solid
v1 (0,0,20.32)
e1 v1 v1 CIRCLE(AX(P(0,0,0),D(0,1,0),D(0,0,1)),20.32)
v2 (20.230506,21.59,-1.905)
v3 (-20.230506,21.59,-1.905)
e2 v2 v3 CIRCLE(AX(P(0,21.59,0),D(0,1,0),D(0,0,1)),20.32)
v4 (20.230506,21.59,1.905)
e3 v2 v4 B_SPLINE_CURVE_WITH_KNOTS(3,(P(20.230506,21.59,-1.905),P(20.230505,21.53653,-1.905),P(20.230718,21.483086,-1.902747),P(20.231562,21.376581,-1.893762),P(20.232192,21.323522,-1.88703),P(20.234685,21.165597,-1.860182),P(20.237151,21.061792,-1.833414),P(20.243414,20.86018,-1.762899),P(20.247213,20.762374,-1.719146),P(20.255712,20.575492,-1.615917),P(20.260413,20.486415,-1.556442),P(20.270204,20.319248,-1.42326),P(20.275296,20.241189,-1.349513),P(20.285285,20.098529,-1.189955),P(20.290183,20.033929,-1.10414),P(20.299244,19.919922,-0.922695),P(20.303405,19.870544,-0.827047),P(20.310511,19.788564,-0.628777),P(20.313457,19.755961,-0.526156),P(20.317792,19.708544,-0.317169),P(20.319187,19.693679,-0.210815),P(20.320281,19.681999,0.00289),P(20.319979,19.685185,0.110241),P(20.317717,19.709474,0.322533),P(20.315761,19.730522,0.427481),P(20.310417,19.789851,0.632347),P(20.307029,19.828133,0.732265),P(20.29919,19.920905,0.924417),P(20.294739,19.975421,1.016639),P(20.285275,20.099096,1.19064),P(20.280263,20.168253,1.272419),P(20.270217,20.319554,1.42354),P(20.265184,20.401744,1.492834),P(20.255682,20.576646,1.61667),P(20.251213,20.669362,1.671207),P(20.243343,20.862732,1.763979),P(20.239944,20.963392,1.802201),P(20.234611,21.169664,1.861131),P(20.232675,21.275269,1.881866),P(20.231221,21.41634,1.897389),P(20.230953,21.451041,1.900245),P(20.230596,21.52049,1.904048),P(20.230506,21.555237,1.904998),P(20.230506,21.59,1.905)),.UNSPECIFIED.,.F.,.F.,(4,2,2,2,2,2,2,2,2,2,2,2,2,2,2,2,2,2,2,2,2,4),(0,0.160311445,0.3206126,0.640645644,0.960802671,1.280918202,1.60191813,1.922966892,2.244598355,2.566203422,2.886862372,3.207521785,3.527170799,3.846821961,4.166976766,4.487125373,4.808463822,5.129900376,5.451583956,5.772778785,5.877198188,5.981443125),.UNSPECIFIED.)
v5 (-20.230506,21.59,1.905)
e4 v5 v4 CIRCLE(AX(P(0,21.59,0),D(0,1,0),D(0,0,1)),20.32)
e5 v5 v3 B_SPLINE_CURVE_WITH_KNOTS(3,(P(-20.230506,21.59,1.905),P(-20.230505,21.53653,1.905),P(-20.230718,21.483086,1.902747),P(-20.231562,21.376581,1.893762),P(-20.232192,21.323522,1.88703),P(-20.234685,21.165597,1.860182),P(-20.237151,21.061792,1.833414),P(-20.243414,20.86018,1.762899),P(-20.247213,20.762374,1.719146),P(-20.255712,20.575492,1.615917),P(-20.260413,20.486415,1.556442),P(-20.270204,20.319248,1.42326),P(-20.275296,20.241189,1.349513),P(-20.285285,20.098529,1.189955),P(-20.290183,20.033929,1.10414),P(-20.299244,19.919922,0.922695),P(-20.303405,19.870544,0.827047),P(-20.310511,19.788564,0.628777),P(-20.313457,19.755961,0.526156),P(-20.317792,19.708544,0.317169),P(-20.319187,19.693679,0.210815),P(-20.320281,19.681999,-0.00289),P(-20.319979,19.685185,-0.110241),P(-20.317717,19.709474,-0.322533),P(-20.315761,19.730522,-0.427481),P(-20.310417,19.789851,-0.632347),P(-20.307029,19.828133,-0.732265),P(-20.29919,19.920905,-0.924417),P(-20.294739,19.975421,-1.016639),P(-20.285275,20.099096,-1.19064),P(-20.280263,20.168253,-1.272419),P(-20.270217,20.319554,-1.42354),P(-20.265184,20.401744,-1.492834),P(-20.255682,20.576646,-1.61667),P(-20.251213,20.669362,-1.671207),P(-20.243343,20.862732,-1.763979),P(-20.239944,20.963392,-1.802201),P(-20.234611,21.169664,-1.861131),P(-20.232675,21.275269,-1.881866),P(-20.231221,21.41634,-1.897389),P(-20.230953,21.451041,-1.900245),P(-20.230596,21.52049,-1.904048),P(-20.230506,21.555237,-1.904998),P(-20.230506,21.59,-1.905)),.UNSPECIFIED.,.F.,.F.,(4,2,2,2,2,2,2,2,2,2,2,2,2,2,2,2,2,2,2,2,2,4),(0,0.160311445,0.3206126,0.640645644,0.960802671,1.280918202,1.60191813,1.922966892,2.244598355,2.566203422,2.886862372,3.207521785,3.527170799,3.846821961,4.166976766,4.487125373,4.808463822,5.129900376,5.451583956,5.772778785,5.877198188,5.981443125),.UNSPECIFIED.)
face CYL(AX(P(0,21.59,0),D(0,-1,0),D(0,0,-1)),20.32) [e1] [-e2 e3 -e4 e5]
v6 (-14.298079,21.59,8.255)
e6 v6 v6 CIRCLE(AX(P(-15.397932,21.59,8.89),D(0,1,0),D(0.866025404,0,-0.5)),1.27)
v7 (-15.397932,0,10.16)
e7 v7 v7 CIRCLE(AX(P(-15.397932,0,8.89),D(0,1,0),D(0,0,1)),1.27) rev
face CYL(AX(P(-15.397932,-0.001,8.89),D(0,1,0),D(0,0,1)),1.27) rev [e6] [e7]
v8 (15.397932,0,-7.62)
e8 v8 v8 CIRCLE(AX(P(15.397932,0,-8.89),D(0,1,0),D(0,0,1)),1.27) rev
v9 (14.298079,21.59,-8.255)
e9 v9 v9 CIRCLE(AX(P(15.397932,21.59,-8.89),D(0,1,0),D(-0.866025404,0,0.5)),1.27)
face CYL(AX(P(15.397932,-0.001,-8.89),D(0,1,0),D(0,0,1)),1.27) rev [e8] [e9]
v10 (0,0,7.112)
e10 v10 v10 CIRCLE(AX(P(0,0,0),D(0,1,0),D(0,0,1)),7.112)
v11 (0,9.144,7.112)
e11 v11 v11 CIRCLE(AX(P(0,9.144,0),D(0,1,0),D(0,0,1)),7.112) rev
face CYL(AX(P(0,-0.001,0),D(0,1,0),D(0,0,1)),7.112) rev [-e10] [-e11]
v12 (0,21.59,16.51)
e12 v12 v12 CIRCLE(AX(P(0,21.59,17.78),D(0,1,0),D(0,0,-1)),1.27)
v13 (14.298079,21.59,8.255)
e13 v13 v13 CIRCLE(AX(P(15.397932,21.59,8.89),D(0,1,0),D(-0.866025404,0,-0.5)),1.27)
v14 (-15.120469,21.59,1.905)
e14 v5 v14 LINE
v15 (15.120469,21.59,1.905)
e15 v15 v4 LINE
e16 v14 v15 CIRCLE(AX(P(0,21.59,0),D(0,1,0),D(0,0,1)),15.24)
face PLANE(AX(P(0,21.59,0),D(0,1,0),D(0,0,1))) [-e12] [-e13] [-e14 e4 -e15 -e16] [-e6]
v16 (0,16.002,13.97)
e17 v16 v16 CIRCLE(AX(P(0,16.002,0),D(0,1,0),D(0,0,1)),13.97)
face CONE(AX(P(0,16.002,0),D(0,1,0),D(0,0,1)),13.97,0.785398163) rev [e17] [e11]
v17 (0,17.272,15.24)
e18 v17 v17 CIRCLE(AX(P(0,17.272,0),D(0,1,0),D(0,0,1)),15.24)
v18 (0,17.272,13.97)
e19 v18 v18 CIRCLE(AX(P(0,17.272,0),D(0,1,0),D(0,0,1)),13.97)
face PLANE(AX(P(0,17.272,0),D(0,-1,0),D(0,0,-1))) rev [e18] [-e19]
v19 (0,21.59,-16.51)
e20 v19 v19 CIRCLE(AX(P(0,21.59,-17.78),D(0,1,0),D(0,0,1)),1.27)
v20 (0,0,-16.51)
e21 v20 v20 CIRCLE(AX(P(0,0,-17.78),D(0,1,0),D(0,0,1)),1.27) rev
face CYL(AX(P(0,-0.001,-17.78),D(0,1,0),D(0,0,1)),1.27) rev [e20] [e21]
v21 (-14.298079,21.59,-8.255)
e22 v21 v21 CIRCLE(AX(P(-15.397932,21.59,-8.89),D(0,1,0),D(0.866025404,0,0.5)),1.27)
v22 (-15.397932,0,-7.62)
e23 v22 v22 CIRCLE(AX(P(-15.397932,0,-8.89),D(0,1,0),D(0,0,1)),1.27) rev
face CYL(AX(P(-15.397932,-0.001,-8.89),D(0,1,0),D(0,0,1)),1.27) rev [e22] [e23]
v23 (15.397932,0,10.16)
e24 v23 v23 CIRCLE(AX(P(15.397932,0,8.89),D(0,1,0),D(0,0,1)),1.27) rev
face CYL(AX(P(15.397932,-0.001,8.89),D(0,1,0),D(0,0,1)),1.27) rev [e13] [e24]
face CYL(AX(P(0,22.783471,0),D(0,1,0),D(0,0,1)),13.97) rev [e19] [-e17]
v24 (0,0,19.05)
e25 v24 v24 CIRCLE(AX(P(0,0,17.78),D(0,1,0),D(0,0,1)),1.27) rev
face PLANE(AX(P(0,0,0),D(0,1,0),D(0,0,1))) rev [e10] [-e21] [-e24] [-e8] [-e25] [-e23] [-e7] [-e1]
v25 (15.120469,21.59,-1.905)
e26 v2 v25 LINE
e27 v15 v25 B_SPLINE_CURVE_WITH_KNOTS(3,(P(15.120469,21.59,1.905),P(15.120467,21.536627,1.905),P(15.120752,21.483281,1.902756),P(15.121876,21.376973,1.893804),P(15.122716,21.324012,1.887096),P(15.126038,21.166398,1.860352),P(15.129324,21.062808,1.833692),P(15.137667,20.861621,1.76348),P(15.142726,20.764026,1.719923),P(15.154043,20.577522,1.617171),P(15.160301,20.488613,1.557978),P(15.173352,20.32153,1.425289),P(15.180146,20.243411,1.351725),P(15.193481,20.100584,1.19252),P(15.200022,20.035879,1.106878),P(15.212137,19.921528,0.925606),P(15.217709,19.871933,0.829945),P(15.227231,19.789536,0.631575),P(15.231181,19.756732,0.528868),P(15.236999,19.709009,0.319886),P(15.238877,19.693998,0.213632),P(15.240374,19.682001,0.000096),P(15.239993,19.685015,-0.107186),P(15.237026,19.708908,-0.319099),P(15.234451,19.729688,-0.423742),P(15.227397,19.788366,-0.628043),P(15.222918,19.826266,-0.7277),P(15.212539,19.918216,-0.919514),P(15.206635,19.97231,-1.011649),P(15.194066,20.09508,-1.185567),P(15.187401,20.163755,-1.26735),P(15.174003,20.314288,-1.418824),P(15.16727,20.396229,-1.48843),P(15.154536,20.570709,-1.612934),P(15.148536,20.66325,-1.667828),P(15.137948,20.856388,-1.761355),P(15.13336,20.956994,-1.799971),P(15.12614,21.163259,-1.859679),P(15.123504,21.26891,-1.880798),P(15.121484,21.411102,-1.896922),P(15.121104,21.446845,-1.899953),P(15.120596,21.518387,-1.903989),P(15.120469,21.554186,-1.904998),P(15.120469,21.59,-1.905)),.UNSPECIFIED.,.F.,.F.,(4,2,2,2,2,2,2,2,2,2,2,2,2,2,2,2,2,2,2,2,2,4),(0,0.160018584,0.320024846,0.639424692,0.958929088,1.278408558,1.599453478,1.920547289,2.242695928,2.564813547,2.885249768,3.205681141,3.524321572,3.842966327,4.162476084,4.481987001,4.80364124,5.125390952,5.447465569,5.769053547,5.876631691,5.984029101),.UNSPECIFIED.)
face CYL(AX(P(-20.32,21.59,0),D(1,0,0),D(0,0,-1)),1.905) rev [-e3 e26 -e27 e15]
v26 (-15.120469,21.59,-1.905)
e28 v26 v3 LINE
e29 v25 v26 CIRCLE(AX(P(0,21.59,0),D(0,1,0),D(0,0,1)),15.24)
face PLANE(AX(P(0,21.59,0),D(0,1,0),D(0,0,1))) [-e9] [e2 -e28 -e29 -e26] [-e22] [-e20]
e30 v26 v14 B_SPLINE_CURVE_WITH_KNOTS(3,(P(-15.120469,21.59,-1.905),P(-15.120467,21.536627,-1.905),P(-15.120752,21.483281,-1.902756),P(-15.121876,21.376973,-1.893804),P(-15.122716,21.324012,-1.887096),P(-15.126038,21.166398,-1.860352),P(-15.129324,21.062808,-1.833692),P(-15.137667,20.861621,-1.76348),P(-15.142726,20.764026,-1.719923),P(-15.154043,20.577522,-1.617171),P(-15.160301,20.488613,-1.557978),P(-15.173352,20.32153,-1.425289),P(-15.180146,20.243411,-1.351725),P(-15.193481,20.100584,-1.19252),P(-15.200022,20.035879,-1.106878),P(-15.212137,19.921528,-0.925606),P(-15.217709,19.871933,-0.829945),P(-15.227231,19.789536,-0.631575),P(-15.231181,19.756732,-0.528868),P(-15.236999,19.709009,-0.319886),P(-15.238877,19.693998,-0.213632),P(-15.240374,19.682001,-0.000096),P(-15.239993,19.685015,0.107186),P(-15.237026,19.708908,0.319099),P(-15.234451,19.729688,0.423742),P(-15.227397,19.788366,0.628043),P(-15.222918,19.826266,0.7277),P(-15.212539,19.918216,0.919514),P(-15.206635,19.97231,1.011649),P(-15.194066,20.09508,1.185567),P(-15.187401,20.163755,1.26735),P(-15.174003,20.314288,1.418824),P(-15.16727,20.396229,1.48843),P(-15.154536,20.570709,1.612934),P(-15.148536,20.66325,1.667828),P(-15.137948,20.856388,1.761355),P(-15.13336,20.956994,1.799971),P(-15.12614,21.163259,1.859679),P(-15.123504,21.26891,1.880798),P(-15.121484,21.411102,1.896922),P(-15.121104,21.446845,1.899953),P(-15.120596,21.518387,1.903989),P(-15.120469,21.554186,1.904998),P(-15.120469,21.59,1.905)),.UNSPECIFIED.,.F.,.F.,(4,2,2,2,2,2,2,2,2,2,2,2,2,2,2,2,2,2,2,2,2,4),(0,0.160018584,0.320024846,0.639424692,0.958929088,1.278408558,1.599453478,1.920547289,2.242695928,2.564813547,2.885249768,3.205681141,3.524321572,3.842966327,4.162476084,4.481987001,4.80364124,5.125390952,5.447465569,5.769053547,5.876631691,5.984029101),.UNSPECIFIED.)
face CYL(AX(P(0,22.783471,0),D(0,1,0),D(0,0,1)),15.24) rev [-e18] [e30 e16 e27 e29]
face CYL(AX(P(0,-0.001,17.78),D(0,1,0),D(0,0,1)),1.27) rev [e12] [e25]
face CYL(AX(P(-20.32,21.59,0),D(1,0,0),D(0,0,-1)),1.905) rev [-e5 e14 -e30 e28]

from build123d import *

# Parameters (mm, degrees)
SKETCH1_R           = 20.32
BOSS_EXTRUDE1_DEPTH = 21.59
SKETCH2_W           = 15.24
SKETCH2_H           = 4.318
CUT_EXTRUDE1_REACH  = 37.943
SKETCH4_R           = 1.27
CIRPATTERN1_COUNT   = 6
SKETCH9_R           = 1.905
CUT_EXTRUDE3_DEPTH  = 51.305467894
SKETCH10_R          = 7.112
CUT_EXTRUDE8_DEPTH  = 17.272


with BuildPart() as part:
    # Sketch1 → Boss-Extrude1 (new body)
    with BuildSketch(Plane(origin=(0, 0, 0), x_dir=(1, 0, 0), z_dir=(0, 1, 0))):
        with Locations(Location((0, 0, 0), (0, 0, 270))):
            Circle(SKETCH1_R)
    extrude(amount=BOSS_EXTRUDE1_DEPTH)

    # Sketch2 → Cut-Revolve1 (revolve, cut)
    with BuildSketch(Plane.XY, mode=Mode.PRIVATE) as cut_revolve1_sk:
        with Locations((-7.62, 19.431)):
            Rectangle(SKETCH2_W, SKETCH2_H)
    revolve(cut_revolve1_sk.sketch.rotate(Axis((0, 22.78347084, 0), (0, -1, 0)), 270), axis=Axis((0, 22.78347084, 0), (0, -1, 0)), mode=Mode.SUBTRACT)

    # Sketch4 → Cut-Extrude1 (cut, up to next)
    with BuildSketch(Plane(origin=(0, 21.59, 0), x_dir=(1, 0, 0), z_dir=(0, 1, 0)), mode=Mode.PRIVATE) as cut_extrude1_sk1:
        with Locations(Location((0, 17.78, 0), (0, 0, 270))):
            Circle(SKETCH4_R)
    cut_extrude1_tool1 = extrude(cut_extrude1_sk1.sketch, amount=-CUT_EXTRUDE1_REACH, mode=Mode.PRIVATE) & part.part
    cut_extrude1 = cut_extrude1_tool1.solids().sort_by_distance((0, 21.59, -17.78))[0]
    add(cut_extrude1, mode=Mode.SUBTRACT)

    # CirPattern1: Cut-Extrude1 ×6 about axis
    cirpattern1_axis = Axis((0, 0, 0), (0, 1, 0))
    for i in range(1, CIRPATTERN1_COUNT):
        add(cut_extrude1.rotate(cirpattern1_axis, i * 360 / CIRPATTERN1_COUNT), mode=Mode.SUBTRACT)

    # Sketch8 → Cut-Revolve4 (revolve, cut)
    with BuildSketch(Plane.XY, mode=Mode.PRIVATE) as cut_revolve4_sk:
        Polygon((-4.699, 17.272), (-13.97, 17.272), (-13.97, 16.002), (-4.699, 6.731), align=None)
    revolve(cut_revolve4_sk.sketch.rotate(Axis((0, 22.78347084, 0), (0, -1, 0)), 270), axis=Axis((0, 22.78347084, 0), (0, -1, 0)), mode=Mode.SUBTRACT)

    # Sketch9 → Cut-Extrude3 (cut, through all)
    with BuildSketch(Plane(origin=(20.32, 0, 0), x_dir=(0, 0, -1), z_dir=(1, 0, 0))):
        with Locations((0, 21.59)):
            Circle(SKETCH9_R)
    extrude(amount=-CUT_EXTRUDE3_DEPTH, mode=Mode.SUBTRACT)

    # Sketch10 → Cut-Extrude8 (cut)
    with BuildSketch(Plane(origin=(0, 0, 0), x_dir=(1, 0, 0), z_dir=(0, 1, 0))):
        with Locations(Location((0, 0, 0), (0, 0, 270))):
            Circle(SKETCH10_R)
    extrude(amount=CUT_EXTRUDE8_DEPTH, mode=Mode.SUBTRACT)


solid = part.part
